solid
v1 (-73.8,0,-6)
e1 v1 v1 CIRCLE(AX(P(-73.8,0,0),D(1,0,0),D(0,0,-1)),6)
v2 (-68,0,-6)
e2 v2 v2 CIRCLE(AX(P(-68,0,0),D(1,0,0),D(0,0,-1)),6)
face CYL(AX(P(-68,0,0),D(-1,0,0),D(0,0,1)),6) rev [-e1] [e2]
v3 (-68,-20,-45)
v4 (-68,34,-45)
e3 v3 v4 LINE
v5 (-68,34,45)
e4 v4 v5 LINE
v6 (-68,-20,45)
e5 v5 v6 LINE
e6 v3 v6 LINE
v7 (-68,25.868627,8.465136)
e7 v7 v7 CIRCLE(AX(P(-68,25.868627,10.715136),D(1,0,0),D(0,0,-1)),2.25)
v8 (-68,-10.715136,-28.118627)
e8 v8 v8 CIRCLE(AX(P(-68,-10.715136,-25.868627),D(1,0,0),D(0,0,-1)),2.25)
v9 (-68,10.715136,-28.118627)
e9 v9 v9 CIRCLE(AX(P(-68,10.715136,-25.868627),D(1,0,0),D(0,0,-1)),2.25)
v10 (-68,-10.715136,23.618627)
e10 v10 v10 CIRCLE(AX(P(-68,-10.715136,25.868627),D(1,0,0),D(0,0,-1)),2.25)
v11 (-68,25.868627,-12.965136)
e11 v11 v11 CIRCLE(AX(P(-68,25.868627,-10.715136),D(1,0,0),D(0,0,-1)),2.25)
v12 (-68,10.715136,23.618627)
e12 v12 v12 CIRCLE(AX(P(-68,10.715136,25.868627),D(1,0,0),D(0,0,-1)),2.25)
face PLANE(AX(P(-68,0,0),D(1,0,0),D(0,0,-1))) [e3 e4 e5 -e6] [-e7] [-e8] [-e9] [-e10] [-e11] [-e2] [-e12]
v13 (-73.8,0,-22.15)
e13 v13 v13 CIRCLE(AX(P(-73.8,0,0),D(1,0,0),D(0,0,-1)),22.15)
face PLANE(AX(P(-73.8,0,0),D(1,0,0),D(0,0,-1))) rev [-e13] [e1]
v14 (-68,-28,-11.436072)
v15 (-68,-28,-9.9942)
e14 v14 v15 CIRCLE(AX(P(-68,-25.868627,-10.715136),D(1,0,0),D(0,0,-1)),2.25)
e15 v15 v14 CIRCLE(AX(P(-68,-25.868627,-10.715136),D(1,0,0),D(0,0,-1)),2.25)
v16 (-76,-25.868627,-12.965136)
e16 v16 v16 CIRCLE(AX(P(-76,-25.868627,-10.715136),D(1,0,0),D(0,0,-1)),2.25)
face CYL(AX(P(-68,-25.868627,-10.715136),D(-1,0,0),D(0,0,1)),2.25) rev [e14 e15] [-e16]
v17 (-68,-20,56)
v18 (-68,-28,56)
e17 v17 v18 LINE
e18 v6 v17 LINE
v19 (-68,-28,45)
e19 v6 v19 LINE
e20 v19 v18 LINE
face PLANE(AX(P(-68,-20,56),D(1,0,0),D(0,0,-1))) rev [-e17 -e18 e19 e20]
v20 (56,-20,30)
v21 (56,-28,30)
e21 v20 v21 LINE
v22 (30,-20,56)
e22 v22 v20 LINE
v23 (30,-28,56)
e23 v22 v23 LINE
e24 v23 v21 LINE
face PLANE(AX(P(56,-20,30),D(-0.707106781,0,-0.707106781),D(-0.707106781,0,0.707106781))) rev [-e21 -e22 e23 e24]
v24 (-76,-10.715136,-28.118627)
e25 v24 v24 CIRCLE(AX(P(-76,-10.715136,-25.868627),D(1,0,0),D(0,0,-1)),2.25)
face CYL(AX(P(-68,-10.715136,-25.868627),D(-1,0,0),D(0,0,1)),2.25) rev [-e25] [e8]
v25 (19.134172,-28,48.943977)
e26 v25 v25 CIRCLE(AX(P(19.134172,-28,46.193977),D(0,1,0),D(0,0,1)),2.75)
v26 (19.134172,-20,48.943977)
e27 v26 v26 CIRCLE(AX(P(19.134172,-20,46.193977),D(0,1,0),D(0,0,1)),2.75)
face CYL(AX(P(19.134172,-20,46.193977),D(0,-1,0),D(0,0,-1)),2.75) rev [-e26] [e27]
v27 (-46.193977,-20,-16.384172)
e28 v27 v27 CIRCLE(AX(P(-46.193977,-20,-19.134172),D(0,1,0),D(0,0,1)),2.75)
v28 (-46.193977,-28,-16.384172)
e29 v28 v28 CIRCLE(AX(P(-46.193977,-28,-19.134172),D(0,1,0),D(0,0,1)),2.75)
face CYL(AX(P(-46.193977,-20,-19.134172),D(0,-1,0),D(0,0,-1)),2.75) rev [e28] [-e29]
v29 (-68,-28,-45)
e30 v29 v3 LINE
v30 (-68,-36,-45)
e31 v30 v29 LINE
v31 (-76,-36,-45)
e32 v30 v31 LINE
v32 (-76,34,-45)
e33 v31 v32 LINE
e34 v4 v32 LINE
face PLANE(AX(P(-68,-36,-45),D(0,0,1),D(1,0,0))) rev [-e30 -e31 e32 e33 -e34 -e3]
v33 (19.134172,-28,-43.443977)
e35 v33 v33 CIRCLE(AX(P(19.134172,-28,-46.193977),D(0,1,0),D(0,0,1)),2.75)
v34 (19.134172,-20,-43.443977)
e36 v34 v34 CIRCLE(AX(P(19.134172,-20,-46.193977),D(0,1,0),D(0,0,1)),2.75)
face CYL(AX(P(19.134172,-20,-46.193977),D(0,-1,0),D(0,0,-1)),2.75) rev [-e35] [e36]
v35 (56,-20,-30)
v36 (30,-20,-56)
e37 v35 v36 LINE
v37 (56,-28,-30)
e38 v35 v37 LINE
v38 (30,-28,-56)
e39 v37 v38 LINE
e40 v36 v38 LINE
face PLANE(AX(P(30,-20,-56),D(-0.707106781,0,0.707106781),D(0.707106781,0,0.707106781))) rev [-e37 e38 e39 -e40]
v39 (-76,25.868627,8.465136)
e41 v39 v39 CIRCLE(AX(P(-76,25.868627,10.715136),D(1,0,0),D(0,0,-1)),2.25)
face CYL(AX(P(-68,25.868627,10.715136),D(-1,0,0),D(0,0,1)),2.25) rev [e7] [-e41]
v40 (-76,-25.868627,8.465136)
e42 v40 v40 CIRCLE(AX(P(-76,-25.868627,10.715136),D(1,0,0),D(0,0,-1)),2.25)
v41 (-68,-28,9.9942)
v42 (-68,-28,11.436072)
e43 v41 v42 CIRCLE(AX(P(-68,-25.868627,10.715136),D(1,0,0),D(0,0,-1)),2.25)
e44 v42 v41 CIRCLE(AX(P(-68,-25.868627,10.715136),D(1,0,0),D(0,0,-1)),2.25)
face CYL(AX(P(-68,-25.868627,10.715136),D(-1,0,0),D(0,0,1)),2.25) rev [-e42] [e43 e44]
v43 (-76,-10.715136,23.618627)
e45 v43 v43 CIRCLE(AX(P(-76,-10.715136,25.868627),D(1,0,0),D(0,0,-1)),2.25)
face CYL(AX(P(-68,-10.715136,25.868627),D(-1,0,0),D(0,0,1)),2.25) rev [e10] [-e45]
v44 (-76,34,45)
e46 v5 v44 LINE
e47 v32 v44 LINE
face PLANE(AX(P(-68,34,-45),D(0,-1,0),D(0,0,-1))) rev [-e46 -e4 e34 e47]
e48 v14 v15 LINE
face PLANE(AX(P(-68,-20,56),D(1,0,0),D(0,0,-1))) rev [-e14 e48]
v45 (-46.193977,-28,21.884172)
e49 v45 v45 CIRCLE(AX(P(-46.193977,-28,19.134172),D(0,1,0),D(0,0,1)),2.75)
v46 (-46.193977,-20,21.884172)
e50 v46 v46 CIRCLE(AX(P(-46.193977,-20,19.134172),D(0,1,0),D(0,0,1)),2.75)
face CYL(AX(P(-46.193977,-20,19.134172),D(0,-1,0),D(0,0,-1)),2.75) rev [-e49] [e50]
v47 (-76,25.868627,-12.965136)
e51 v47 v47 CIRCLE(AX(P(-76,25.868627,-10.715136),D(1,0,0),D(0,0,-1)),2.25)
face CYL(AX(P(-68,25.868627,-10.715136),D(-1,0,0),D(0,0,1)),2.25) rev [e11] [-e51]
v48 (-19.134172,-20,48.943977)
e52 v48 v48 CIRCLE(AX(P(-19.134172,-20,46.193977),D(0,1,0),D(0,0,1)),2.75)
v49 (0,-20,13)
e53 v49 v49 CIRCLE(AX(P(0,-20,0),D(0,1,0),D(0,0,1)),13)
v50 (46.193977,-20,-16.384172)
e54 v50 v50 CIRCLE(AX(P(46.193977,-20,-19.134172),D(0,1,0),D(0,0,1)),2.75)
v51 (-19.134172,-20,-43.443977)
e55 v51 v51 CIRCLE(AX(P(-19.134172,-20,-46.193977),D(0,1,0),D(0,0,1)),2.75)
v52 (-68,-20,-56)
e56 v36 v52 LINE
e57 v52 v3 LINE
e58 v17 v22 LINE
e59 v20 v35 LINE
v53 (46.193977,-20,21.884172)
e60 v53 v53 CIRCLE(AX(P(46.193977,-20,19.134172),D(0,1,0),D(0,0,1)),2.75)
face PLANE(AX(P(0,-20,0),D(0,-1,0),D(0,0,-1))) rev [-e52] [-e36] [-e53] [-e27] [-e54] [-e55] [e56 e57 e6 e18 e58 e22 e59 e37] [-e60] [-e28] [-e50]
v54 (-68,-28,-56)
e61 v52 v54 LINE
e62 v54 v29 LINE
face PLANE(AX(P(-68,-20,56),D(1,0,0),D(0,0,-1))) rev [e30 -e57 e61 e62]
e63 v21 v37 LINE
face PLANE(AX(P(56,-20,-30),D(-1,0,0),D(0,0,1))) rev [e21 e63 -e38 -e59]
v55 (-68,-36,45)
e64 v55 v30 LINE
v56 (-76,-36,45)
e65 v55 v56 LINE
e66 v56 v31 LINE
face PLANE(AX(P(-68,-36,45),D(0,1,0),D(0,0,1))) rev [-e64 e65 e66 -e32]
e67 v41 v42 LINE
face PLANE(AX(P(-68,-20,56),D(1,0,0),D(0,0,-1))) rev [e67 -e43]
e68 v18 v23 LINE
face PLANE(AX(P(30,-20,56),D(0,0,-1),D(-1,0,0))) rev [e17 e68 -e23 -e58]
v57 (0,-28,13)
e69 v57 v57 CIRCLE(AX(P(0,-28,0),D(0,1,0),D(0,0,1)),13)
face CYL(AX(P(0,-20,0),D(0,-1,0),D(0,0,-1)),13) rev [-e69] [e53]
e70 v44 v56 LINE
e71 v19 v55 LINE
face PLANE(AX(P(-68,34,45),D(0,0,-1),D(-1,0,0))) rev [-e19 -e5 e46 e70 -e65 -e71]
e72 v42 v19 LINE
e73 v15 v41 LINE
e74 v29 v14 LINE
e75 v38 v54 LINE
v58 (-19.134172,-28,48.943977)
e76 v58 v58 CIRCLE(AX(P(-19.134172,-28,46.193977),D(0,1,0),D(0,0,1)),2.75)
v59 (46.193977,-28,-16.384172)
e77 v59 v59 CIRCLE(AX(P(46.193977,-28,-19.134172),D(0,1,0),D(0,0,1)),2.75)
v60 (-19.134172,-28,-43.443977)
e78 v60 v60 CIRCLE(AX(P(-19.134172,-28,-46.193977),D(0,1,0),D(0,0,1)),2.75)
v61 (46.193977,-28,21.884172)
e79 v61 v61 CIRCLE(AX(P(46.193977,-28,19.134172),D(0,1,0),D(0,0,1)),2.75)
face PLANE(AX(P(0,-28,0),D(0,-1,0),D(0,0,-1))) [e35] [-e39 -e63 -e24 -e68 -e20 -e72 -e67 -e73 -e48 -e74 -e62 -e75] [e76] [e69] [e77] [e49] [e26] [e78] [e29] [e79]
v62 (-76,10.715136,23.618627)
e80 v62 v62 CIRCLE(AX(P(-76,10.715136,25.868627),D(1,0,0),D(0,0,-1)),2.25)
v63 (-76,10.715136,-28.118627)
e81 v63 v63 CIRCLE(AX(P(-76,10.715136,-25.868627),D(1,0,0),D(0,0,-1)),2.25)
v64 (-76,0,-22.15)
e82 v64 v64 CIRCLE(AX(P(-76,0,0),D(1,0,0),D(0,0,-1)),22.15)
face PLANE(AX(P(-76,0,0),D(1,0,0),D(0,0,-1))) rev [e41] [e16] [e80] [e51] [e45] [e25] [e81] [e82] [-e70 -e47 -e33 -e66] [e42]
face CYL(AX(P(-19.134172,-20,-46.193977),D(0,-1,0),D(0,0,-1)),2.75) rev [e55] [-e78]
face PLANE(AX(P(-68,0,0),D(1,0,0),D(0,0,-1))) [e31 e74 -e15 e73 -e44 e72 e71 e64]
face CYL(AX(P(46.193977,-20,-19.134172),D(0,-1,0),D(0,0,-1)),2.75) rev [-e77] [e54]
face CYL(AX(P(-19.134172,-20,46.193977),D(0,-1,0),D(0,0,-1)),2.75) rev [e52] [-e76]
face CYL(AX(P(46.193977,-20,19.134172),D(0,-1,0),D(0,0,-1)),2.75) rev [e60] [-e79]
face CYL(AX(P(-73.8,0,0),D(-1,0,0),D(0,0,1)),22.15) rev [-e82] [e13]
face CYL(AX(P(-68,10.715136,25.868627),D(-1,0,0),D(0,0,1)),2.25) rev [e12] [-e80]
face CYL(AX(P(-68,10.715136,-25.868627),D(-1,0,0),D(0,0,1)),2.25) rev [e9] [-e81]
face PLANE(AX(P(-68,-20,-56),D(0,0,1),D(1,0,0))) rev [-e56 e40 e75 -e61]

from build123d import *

# Parameters (mm, degrees)
SK_BACK_PLATE_W         = 90
SK_BACK_PLATE_H         = 70
SK_BACK_PLATE_R         = 2.25
SK_BACK_PLATE_R_2       = 6
BACK_PLATE_DEPTH        = 8
SK_ROLL_PILOT_RECESS_R  = 22.15
ROLL_PILOT_RECESS_DEPTH = 2.2
SK_MEDIAL_PLATE_R       = 2.75
SK_MEDIAL_PLATE_R_2     = 13
MEDIAL_PLATE_DEPTH      = 8


with BuildPart() as part:
    # SK_Back_Plate → Back_Plate (new body)
    with BuildSketch(Plane(origin=(-76, 0, 0), x_dir=(0, 0, -1), z_dir=(1, 0, 0))):
        with Locations((0, -1)):
            Rectangle(SK_BACK_PLATE_W, SK_BACK_PLATE_H)
        with Locations((25.86862691, 10.715136106)):
            Circle(SK_BACK_PLATE_R, mode=Mode.SUBTRACT)
        with Locations((10.715136106, 25.86862691)):
            Circle(SK_BACK_PLATE_R, mode=Mode.SUBTRACT)
        with Locations((-10.715136106, 25.86862691)):
            Circle(SK_BACK_PLATE_R, mode=Mode.SUBTRACT)
        with Locations((-25.86862691, 10.715136106)):
            Circle(SK_BACK_PLATE_R, mode=Mode.SUBTRACT)
        with Locations((-25.86862691, -10.715136106)):
            Circle(SK_BACK_PLATE_R, mode=Mode.SUBTRACT)
        with Locations((-10.715136106, -25.86862691)):
            Circle(SK_BACK_PLATE_R, mode=Mode.SUBTRACT)
        with Locations((10.715136106, -25.86862691)):
            Circle(SK_BACK_PLATE_R, mode=Mode.SUBTRACT)
        with Locations((25.86862691, -10.715136106)):
            Circle(SK_BACK_PLATE_R, mode=Mode.SUBTRACT)
        Circle(SK_BACK_PLATE_R_2, mode=Mode.SUBTRACT)
    extrude(amount=BACK_PLATE_DEPTH)

    # SK_Roll_Pilot_Recess → Roll_Pilot_Recess (cut)
    with BuildSketch(Plane(origin=(-76, 0, 0), x_dir=(0, 0, -1), z_dir=(1, 0, 0))):
        Circle(SK_ROLL_PILOT_RECESS_R)
    extrude(amount=ROLL_PILOT_RECESS_DEPTH, mode=Mode.SUBTRACT)

    # SK_Medial_Plate → Medial_Plate (add)
    with BuildSketch(Plane(origin=(0, -28, 0), x_dir=(1, 0, 0), z_dir=(0, 1, 0))):
        Polygon((-68, 56), (30, 56), (56, 30), (56, -30), (30, -56), (-68, -56), align=None)
        with Locations(Location((46.193976626, 19.134171618, 0), (0, 0, 270))):
            Circle(SK_MEDIAL_PLATE_R, mode=Mode.SUBTRACT)
        with Locations(Location((19.134171618, 46.193976626, 0), (0, 0, 270))):
            Circle(SK_MEDIAL_PLATE_R, mode=Mode.SUBTRACT)
        with Locations(Location((-19.134171618, 46.193976626, 0), (0, 0, 270))):
            Circle(SK_MEDIAL_PLATE_R, mode=Mode.SUBTRACT)
        with Locations(Location((-46.193976626, 19.134171618, 0), (0, 0, 270))):
            Circle(SK_MEDIAL_PLATE_R, mode=Mode.SUBTRACT)
        with Locations(Location((-46.193976626, -19.134171618, 0), (0, 0, 270))):
            Circle(SK_MEDIAL_PLATE_R, mode=Mode.SUBTRACT)
        with Locations(Location((-19.134171618, -46.193976626, 0), (0, 0, 270))):
            Circle(SK_MEDIAL_PLATE_R, mode=Mode.SUBTRACT)
        with Locations(Location((19.134171618, -46.193976626, 0), (0, 0, 270))):
            Circle(SK_MEDIAL_PLATE_R, mode=Mode.SUBTRACT)
        with Locations(Location((46.193976626, -19.134171618, 0), (0, 0, 270))):
            Circle(SK_MEDIAL_PLATE_R, mode=Mode.SUBTRACT)
        with Locations(Location((0, 0, 0), (0, 0, 270))):
            Circle(SK_MEDIAL_PLATE_R_2, mode=Mode.SUBTRACT)
    extrude(amount=MEDIAL_PLATE_DEPTH)


solid = part.part
